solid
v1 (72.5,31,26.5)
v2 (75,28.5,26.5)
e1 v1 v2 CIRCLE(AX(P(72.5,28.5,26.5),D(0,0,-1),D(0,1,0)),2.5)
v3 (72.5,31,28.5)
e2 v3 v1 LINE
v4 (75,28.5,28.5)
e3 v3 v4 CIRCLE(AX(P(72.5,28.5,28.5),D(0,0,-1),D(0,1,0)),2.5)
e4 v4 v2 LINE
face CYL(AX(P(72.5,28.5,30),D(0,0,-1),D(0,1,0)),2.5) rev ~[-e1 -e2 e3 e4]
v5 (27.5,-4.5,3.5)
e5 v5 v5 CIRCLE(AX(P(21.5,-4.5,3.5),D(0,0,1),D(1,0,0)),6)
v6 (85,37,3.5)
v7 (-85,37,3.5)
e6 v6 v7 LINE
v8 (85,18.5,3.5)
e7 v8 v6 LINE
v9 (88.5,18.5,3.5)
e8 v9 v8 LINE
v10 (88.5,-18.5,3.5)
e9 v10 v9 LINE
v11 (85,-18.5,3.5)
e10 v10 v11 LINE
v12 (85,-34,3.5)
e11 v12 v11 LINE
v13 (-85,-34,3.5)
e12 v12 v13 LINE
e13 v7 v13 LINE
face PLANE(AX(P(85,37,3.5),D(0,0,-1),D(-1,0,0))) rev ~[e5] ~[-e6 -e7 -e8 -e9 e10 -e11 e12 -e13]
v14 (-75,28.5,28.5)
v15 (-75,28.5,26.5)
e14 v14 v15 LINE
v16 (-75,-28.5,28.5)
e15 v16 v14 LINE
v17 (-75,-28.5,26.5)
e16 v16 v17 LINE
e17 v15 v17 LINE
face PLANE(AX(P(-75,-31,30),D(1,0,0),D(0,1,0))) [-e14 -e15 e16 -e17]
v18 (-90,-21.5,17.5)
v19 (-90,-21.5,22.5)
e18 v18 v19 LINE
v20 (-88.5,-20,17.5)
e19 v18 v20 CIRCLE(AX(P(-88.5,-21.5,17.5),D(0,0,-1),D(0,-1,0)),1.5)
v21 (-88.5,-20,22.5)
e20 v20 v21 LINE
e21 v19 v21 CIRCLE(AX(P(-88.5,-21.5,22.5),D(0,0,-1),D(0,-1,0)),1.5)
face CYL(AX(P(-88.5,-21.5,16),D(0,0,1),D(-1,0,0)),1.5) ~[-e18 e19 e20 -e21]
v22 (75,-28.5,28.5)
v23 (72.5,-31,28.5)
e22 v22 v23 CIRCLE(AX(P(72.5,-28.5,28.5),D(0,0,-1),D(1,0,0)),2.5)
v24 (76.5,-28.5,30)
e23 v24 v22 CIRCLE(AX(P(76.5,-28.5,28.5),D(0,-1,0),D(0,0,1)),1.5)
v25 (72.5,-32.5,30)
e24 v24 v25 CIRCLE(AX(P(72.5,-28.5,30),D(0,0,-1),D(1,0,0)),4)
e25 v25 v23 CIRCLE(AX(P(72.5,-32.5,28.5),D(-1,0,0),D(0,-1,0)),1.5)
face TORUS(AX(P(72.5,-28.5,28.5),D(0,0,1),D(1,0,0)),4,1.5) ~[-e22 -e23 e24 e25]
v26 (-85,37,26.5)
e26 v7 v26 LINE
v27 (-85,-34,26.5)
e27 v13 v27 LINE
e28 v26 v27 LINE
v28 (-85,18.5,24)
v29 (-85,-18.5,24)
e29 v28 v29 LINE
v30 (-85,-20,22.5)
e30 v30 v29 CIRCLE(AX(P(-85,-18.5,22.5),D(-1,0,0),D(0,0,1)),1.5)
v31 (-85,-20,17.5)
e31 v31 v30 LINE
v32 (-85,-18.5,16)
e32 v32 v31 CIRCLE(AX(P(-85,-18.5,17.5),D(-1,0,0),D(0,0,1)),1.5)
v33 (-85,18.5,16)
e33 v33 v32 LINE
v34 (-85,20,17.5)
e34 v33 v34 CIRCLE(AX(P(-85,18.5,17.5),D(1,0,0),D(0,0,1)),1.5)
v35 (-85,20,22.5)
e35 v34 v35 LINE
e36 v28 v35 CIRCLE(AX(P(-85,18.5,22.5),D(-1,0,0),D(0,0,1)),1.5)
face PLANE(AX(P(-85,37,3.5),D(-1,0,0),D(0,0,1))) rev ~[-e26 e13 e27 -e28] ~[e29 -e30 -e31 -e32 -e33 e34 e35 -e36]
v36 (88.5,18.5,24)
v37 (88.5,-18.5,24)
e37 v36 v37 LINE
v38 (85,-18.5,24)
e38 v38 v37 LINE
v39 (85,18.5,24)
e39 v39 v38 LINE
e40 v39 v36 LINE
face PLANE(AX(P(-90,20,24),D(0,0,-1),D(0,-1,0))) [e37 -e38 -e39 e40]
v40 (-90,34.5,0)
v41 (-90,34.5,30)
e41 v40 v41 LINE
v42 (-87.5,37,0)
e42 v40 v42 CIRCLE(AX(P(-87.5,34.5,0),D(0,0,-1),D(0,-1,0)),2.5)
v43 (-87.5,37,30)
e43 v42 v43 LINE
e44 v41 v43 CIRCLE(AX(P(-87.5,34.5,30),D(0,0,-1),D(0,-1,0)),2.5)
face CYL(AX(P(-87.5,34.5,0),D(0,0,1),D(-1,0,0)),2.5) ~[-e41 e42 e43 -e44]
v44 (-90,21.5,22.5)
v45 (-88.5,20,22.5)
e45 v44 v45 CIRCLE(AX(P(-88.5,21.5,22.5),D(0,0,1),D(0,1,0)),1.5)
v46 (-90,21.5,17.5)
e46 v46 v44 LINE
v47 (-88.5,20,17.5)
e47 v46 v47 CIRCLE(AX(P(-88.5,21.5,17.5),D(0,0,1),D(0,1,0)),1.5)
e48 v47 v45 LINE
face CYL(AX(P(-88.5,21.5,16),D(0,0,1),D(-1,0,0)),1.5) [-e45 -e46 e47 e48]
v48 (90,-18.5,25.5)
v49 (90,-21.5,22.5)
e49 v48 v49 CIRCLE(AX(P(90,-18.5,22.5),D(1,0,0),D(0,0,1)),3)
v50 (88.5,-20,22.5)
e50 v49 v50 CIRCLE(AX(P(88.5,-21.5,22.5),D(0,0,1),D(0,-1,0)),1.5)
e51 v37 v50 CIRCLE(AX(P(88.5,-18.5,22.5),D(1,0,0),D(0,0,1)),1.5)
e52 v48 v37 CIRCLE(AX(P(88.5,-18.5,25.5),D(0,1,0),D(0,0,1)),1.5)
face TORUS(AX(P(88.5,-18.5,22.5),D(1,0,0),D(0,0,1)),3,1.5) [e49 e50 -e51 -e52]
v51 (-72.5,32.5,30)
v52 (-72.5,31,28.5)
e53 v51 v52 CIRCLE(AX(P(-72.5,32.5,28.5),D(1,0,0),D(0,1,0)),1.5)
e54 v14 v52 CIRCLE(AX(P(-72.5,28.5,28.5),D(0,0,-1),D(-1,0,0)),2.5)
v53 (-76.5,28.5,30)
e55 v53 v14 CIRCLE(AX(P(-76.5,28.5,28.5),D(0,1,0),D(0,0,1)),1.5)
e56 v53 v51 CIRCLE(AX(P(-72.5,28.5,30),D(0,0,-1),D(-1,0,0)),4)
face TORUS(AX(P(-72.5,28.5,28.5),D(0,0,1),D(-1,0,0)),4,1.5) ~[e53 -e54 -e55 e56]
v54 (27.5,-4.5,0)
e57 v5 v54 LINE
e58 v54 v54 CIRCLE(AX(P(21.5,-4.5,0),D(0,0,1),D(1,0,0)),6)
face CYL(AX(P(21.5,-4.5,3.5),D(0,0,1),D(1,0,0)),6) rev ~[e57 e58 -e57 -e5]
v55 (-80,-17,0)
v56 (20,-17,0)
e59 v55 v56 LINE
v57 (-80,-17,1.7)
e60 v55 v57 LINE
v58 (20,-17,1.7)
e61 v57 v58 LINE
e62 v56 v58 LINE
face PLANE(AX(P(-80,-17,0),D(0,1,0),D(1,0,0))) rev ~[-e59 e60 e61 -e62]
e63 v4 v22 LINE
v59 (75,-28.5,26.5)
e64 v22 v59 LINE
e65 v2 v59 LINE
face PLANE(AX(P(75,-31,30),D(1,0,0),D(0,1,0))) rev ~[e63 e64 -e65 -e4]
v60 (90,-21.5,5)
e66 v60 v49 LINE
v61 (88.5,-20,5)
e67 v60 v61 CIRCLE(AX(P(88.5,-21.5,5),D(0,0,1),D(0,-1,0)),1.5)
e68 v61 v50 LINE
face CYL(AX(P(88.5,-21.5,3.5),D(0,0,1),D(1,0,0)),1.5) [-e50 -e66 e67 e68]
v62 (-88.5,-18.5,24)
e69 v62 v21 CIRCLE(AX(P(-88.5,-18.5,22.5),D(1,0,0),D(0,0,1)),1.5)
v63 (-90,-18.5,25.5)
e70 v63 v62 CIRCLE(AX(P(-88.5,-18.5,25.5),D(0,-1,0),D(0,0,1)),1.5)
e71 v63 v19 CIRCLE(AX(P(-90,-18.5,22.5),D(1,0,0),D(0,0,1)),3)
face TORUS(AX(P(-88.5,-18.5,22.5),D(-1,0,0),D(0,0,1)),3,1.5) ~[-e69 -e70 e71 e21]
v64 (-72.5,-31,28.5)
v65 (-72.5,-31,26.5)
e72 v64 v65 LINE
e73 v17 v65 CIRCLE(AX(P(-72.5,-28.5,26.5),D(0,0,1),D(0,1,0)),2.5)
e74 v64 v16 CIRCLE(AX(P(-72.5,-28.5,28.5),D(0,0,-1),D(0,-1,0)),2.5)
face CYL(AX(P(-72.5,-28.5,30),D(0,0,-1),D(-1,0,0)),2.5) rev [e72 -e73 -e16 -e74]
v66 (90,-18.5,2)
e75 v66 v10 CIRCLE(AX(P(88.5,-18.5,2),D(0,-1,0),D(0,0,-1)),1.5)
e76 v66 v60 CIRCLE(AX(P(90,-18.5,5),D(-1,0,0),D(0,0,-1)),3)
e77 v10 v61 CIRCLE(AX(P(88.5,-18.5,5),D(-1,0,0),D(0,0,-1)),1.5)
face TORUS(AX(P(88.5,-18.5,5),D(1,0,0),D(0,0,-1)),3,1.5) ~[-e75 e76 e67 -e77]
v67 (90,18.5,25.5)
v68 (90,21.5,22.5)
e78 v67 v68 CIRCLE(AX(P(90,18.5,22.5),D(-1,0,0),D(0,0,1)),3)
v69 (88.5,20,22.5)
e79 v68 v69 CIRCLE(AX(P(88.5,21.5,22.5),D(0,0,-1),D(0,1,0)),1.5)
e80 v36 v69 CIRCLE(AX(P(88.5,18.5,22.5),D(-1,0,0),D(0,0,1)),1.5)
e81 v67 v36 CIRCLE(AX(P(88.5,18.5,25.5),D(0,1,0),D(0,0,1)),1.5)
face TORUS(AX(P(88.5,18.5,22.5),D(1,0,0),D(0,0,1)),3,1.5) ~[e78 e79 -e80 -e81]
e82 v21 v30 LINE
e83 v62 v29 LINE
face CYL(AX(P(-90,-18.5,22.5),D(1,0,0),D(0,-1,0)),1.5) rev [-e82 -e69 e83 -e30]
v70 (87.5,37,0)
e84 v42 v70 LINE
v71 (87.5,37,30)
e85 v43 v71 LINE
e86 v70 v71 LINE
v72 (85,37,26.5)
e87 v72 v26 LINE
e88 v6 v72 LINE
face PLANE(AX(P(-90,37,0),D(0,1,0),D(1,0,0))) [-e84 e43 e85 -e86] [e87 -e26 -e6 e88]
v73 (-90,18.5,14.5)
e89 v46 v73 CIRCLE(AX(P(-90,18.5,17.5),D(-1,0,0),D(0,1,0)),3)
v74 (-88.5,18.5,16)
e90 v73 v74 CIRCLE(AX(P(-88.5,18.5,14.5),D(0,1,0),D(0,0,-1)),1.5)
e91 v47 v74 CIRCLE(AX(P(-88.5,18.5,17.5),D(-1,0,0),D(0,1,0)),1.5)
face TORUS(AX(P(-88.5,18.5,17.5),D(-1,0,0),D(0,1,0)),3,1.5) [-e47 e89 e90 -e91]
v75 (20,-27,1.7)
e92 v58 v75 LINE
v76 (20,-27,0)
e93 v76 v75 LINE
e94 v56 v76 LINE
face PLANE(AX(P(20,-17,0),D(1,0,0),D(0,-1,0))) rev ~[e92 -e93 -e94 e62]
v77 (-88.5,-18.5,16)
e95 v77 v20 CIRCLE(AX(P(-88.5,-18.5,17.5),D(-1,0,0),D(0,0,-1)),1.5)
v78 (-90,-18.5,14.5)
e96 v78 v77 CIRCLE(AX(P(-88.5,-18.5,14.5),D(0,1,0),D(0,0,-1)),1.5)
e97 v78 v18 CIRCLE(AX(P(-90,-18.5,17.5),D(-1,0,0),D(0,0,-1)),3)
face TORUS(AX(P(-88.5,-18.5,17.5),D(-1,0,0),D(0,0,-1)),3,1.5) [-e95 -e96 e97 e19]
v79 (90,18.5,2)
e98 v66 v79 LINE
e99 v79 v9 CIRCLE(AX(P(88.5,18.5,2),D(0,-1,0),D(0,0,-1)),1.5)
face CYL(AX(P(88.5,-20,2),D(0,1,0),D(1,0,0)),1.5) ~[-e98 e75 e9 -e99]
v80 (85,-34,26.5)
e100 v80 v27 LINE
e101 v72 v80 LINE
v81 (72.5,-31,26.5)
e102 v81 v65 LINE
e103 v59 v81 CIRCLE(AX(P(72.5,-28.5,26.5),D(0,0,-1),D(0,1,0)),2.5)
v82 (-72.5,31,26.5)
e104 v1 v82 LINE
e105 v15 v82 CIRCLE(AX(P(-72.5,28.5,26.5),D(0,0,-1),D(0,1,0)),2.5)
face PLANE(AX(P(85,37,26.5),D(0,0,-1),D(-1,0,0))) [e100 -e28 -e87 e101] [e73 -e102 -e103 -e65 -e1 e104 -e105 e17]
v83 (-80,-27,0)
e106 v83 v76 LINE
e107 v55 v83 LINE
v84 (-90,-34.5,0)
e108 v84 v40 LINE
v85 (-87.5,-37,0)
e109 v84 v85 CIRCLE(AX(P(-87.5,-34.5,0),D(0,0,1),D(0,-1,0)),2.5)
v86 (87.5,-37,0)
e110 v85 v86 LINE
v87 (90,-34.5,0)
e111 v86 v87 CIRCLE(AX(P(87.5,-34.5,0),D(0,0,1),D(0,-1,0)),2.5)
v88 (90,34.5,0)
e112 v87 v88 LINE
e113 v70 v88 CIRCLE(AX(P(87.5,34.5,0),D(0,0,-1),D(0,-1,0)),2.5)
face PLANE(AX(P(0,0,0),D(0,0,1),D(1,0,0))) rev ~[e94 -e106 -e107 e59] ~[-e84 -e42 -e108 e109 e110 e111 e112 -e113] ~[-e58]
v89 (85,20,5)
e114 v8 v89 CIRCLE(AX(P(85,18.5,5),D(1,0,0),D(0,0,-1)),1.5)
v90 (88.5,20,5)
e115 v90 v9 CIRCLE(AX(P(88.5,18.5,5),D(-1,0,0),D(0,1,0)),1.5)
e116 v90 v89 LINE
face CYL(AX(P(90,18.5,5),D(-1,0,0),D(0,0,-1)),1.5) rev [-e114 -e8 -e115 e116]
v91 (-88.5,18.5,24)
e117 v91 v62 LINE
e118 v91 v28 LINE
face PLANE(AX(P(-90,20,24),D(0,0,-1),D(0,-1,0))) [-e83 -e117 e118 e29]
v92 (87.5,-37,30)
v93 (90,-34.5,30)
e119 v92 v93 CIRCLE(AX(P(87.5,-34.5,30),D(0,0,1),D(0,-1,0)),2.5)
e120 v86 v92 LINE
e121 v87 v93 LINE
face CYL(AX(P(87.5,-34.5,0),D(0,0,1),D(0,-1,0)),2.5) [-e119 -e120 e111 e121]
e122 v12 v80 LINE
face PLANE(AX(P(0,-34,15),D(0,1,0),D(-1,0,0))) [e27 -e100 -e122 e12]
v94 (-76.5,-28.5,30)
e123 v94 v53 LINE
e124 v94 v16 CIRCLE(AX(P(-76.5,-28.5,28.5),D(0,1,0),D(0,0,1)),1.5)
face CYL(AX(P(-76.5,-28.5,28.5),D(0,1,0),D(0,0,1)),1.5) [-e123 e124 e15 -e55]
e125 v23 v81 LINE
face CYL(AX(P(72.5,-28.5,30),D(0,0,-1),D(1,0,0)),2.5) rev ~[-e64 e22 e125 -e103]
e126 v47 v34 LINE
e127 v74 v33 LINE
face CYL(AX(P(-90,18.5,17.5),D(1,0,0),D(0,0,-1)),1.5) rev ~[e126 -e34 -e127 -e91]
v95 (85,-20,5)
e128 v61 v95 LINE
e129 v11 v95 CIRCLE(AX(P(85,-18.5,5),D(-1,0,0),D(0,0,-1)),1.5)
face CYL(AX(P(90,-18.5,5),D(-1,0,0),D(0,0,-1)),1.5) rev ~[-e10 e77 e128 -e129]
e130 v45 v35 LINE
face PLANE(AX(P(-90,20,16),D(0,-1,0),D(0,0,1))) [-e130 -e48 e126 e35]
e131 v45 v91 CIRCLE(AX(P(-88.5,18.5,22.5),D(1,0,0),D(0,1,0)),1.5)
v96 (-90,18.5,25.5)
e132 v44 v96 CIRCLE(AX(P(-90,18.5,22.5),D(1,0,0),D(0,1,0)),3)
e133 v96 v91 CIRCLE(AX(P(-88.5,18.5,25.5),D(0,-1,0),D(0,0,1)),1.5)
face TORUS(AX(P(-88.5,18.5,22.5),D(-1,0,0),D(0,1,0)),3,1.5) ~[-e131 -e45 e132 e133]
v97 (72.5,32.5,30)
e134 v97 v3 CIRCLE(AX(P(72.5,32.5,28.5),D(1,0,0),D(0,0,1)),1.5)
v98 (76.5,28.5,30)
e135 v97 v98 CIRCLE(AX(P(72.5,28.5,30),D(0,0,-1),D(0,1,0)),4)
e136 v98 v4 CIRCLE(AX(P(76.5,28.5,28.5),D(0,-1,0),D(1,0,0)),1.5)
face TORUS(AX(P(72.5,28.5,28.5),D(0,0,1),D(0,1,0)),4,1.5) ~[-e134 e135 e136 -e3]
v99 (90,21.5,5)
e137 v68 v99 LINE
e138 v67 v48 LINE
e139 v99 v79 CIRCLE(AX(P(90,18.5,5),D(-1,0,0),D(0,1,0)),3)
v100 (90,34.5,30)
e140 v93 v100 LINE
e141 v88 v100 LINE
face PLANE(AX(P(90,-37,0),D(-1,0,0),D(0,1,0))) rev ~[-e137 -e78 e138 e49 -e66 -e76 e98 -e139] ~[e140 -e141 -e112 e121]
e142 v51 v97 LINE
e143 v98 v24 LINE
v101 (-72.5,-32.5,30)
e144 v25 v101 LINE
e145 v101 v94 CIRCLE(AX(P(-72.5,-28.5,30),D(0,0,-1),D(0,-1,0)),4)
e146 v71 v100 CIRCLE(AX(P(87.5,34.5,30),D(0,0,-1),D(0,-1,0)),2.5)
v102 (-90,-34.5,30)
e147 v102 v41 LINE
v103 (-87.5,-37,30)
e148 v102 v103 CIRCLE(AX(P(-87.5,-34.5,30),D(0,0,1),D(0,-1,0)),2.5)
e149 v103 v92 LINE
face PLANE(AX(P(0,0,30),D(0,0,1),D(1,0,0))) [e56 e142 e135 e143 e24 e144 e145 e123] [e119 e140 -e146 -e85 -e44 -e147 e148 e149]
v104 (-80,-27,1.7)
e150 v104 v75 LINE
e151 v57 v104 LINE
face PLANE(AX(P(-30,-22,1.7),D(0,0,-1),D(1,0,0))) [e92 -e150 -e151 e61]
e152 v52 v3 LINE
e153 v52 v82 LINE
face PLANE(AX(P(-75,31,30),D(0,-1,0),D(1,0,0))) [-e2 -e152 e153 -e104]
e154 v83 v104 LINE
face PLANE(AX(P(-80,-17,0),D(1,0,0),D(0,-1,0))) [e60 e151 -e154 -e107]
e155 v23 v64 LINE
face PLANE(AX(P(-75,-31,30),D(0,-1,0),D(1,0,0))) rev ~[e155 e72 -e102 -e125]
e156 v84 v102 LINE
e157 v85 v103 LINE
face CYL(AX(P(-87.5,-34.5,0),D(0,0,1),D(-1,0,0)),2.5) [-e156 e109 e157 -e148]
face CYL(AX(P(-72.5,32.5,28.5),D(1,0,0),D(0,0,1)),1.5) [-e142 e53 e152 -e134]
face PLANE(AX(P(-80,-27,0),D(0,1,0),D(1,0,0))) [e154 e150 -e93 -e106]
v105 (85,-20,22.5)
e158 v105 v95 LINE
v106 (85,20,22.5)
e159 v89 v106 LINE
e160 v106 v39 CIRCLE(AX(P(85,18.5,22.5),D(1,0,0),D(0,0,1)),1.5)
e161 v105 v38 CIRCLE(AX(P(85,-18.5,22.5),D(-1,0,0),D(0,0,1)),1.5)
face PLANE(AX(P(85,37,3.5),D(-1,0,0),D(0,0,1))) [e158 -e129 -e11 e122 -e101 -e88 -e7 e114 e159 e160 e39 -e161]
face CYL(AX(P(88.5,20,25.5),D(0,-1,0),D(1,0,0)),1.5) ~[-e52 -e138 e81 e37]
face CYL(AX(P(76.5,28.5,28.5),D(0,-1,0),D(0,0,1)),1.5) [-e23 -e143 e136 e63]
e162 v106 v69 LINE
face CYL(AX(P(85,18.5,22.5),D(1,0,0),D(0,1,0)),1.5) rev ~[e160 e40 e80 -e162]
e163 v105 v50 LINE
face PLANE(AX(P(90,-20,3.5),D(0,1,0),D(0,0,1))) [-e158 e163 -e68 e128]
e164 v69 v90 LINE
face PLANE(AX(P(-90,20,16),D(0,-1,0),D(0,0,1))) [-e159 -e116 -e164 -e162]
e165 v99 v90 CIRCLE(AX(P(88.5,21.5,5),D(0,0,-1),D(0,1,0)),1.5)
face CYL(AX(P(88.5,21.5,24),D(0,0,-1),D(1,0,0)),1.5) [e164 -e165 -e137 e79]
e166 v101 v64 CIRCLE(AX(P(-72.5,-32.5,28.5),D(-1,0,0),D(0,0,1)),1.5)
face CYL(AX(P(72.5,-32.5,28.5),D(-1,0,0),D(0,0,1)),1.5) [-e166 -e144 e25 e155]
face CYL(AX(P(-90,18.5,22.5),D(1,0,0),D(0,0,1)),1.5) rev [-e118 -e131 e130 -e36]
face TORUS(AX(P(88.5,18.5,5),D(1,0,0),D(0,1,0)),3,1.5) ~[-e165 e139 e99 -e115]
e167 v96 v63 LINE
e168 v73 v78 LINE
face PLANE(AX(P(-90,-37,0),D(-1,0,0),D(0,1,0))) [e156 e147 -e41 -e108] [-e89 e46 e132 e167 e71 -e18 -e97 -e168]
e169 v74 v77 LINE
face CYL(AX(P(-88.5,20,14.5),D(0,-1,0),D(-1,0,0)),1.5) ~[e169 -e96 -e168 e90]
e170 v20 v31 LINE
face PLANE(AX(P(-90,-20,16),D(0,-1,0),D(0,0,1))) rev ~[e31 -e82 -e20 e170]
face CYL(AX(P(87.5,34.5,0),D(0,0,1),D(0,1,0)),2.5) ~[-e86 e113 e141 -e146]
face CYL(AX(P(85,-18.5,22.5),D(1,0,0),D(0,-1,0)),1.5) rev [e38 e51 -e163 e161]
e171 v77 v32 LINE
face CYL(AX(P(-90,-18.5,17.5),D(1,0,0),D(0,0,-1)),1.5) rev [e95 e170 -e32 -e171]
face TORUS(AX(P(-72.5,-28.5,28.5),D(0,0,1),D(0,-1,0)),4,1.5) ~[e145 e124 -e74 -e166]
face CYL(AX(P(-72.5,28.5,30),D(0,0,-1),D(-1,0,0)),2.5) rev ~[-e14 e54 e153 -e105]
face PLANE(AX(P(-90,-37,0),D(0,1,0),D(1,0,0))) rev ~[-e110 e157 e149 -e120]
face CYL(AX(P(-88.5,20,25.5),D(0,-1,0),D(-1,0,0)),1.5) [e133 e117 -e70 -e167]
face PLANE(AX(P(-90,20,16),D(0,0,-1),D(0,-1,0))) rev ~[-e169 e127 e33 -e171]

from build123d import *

# Parameters (mm, degrees)
SKETCH_W        = 180
SKETCH_H        = 74
PAD_DEPTH       = 30
SKETCH001_W     = 170
SKETCH001_H     = 23
POCKET_DEPTH    = 71
SKETCH002_W     = 40
SKETCH002_H     = 12.5
POCKET001_DEPTH = 5
SKETCH003_W     = 40
SKETCH003_H     = 8
POCKET002_DEPTH = 200
SKETCH004_W     = 150
SKETCH004_H     = 62
POCKET003_DEPTH = 5
SKETCH005_W     = 100
SKETCH005_H     = 10
POCKET004_DEPTH = 1.7
SKETCH006_R     = 6
POCKET005_DEPTH = 5
FILLET_R        = 2.5
FILLET001_R     = 1.5
FILLET002_R     = 2.5
FILLET003_R     = 1.5


with BuildPart() as part:
    # Sketch → Pad (new body)
    with BuildSketch(Plane.XY):
        Rectangle(SKETCH_W, SKETCH_H)
    extrude(amount=PAD_DEPTH)

    # Sketch001 (on Face3 of Pad) → Pocket (cut)
    with BuildSketch(Plane(origin=(0, 37, 0), x_dir=(-1, 0, 0), z_dir=(0, 1, 0))):
        with Locations((0, 15)):
            Rectangle(SKETCH001_W, SKETCH001_H)
    extrude(amount=-POCKET_DEPTH, mode=Mode.SUBTRACT)

    # Sketch002 (on Face3 of Pocket) → Pocket001 (cut)
    with BuildSketch(Plane.YZ.offset(90)):
        with Locations((0, 9.75)):
            Rectangle(SKETCH002_W, SKETCH002_H)
    extrude(amount=-POCKET001_DEPTH, mode=Mode.SUBTRACT)

    # Sketch003 (on Face2 of Pocket001) → Pocket002 (cut)
    with BuildSketch(Plane(origin=(-90, 0, 0), x_dir=(0, -1, 0), z_dir=(-1, 0, 0))):
        with Locations((0, 20)):
            Rectangle(SKETCH003_W, SKETCH003_H)
    extrude(amount=-POCKET002_DEPTH, mode=Mode.SUBTRACT)

    # Sketch004 (on Face5 of Pocket002) → Pocket003 (cut)
    with BuildSketch(Plane.XY.offset(30)):
        Rectangle(SKETCH004_W, SKETCH004_H)
    extrude(amount=-POCKET003_DEPTH, mode=Mode.SUBTRACT)

    # Sketch005 (on Face4 of Pocket003) → Pocket004 (cut)
    with BuildSketch(Plane(origin=(0, 0, 0), x_dir=(1, 0, 0), z_dir=(0, 0, -1))):
        with Locations((-30, 22)):
            Rectangle(SKETCH005_W, SKETCH005_H)
    extrude(amount=-POCKET004_DEPTH, mode=Mode.SUBTRACT)

    # Sketch006 → Pocket005 (cut)
    with BuildSketch(Plane.XY.offset(3.5)):
        with Locations((21.5, -4.5)):
            Circle(SKETCH006_R)
    extrude(amount=-POCKET005_DEPTH, mode=Mode.SUBTRACT)

    # Fillet
    fillet_edges = [part.edges().sort_by_distance(p)[0] for p in [
        (90, 37, 15),
        (90, -37, 15),
        (-90, 37, 15),
        (-90, -37, 15),
    ]]
    fillet(fillet_edges, radius=FILLET_R)

    # Fillet001
    fillet001_edges = [part.edges().sort_by_distance(p)[0] for p in [
        (87.5, 20, 24),
        (87.5, -20, 24),
        (87.5, -20, 3.5),
        (87.5, 20, 3.5),
        (90, 0, 24),
        (90, 20, 13.75),
        (90, 0, 3.5),
        (90, -20, 13.75),
        (-90, 20, 20),
        (-90, 0, 16),
        (-90, 0, 24),
        (-90, -20, 20),
        (-87.5, 20, 24),
        (-87.5, -20, 24),
        (-87.5, -20, 16),
        (-87.5, 20, 16),
    ]]
    fillet(fillet001_edges, radius=FILLET001_R)

    # Fillet002
    fillet002_edges = [part.edges().sort_by_distance(p)[0] for p in [
        (-75, 31, 28.25),
        (-75, -31, 28.25),
        (75, 31, 28.25),
        (75, -31, 28.25),
    ]]
    fillet(fillet002_edges, radius=FILLET002_R)

    # Fillet003
    fillet003_edges = [part.edges().sort_by_distance(p)[0] for p in [
        (-75, 0, 30),
        (0, 31, 30),
        (75, 0, 30),
        (0, -31, 30),
    ]]
    fillet(fillet003_edges, radius=FILLET003_R)


solid = part.part
